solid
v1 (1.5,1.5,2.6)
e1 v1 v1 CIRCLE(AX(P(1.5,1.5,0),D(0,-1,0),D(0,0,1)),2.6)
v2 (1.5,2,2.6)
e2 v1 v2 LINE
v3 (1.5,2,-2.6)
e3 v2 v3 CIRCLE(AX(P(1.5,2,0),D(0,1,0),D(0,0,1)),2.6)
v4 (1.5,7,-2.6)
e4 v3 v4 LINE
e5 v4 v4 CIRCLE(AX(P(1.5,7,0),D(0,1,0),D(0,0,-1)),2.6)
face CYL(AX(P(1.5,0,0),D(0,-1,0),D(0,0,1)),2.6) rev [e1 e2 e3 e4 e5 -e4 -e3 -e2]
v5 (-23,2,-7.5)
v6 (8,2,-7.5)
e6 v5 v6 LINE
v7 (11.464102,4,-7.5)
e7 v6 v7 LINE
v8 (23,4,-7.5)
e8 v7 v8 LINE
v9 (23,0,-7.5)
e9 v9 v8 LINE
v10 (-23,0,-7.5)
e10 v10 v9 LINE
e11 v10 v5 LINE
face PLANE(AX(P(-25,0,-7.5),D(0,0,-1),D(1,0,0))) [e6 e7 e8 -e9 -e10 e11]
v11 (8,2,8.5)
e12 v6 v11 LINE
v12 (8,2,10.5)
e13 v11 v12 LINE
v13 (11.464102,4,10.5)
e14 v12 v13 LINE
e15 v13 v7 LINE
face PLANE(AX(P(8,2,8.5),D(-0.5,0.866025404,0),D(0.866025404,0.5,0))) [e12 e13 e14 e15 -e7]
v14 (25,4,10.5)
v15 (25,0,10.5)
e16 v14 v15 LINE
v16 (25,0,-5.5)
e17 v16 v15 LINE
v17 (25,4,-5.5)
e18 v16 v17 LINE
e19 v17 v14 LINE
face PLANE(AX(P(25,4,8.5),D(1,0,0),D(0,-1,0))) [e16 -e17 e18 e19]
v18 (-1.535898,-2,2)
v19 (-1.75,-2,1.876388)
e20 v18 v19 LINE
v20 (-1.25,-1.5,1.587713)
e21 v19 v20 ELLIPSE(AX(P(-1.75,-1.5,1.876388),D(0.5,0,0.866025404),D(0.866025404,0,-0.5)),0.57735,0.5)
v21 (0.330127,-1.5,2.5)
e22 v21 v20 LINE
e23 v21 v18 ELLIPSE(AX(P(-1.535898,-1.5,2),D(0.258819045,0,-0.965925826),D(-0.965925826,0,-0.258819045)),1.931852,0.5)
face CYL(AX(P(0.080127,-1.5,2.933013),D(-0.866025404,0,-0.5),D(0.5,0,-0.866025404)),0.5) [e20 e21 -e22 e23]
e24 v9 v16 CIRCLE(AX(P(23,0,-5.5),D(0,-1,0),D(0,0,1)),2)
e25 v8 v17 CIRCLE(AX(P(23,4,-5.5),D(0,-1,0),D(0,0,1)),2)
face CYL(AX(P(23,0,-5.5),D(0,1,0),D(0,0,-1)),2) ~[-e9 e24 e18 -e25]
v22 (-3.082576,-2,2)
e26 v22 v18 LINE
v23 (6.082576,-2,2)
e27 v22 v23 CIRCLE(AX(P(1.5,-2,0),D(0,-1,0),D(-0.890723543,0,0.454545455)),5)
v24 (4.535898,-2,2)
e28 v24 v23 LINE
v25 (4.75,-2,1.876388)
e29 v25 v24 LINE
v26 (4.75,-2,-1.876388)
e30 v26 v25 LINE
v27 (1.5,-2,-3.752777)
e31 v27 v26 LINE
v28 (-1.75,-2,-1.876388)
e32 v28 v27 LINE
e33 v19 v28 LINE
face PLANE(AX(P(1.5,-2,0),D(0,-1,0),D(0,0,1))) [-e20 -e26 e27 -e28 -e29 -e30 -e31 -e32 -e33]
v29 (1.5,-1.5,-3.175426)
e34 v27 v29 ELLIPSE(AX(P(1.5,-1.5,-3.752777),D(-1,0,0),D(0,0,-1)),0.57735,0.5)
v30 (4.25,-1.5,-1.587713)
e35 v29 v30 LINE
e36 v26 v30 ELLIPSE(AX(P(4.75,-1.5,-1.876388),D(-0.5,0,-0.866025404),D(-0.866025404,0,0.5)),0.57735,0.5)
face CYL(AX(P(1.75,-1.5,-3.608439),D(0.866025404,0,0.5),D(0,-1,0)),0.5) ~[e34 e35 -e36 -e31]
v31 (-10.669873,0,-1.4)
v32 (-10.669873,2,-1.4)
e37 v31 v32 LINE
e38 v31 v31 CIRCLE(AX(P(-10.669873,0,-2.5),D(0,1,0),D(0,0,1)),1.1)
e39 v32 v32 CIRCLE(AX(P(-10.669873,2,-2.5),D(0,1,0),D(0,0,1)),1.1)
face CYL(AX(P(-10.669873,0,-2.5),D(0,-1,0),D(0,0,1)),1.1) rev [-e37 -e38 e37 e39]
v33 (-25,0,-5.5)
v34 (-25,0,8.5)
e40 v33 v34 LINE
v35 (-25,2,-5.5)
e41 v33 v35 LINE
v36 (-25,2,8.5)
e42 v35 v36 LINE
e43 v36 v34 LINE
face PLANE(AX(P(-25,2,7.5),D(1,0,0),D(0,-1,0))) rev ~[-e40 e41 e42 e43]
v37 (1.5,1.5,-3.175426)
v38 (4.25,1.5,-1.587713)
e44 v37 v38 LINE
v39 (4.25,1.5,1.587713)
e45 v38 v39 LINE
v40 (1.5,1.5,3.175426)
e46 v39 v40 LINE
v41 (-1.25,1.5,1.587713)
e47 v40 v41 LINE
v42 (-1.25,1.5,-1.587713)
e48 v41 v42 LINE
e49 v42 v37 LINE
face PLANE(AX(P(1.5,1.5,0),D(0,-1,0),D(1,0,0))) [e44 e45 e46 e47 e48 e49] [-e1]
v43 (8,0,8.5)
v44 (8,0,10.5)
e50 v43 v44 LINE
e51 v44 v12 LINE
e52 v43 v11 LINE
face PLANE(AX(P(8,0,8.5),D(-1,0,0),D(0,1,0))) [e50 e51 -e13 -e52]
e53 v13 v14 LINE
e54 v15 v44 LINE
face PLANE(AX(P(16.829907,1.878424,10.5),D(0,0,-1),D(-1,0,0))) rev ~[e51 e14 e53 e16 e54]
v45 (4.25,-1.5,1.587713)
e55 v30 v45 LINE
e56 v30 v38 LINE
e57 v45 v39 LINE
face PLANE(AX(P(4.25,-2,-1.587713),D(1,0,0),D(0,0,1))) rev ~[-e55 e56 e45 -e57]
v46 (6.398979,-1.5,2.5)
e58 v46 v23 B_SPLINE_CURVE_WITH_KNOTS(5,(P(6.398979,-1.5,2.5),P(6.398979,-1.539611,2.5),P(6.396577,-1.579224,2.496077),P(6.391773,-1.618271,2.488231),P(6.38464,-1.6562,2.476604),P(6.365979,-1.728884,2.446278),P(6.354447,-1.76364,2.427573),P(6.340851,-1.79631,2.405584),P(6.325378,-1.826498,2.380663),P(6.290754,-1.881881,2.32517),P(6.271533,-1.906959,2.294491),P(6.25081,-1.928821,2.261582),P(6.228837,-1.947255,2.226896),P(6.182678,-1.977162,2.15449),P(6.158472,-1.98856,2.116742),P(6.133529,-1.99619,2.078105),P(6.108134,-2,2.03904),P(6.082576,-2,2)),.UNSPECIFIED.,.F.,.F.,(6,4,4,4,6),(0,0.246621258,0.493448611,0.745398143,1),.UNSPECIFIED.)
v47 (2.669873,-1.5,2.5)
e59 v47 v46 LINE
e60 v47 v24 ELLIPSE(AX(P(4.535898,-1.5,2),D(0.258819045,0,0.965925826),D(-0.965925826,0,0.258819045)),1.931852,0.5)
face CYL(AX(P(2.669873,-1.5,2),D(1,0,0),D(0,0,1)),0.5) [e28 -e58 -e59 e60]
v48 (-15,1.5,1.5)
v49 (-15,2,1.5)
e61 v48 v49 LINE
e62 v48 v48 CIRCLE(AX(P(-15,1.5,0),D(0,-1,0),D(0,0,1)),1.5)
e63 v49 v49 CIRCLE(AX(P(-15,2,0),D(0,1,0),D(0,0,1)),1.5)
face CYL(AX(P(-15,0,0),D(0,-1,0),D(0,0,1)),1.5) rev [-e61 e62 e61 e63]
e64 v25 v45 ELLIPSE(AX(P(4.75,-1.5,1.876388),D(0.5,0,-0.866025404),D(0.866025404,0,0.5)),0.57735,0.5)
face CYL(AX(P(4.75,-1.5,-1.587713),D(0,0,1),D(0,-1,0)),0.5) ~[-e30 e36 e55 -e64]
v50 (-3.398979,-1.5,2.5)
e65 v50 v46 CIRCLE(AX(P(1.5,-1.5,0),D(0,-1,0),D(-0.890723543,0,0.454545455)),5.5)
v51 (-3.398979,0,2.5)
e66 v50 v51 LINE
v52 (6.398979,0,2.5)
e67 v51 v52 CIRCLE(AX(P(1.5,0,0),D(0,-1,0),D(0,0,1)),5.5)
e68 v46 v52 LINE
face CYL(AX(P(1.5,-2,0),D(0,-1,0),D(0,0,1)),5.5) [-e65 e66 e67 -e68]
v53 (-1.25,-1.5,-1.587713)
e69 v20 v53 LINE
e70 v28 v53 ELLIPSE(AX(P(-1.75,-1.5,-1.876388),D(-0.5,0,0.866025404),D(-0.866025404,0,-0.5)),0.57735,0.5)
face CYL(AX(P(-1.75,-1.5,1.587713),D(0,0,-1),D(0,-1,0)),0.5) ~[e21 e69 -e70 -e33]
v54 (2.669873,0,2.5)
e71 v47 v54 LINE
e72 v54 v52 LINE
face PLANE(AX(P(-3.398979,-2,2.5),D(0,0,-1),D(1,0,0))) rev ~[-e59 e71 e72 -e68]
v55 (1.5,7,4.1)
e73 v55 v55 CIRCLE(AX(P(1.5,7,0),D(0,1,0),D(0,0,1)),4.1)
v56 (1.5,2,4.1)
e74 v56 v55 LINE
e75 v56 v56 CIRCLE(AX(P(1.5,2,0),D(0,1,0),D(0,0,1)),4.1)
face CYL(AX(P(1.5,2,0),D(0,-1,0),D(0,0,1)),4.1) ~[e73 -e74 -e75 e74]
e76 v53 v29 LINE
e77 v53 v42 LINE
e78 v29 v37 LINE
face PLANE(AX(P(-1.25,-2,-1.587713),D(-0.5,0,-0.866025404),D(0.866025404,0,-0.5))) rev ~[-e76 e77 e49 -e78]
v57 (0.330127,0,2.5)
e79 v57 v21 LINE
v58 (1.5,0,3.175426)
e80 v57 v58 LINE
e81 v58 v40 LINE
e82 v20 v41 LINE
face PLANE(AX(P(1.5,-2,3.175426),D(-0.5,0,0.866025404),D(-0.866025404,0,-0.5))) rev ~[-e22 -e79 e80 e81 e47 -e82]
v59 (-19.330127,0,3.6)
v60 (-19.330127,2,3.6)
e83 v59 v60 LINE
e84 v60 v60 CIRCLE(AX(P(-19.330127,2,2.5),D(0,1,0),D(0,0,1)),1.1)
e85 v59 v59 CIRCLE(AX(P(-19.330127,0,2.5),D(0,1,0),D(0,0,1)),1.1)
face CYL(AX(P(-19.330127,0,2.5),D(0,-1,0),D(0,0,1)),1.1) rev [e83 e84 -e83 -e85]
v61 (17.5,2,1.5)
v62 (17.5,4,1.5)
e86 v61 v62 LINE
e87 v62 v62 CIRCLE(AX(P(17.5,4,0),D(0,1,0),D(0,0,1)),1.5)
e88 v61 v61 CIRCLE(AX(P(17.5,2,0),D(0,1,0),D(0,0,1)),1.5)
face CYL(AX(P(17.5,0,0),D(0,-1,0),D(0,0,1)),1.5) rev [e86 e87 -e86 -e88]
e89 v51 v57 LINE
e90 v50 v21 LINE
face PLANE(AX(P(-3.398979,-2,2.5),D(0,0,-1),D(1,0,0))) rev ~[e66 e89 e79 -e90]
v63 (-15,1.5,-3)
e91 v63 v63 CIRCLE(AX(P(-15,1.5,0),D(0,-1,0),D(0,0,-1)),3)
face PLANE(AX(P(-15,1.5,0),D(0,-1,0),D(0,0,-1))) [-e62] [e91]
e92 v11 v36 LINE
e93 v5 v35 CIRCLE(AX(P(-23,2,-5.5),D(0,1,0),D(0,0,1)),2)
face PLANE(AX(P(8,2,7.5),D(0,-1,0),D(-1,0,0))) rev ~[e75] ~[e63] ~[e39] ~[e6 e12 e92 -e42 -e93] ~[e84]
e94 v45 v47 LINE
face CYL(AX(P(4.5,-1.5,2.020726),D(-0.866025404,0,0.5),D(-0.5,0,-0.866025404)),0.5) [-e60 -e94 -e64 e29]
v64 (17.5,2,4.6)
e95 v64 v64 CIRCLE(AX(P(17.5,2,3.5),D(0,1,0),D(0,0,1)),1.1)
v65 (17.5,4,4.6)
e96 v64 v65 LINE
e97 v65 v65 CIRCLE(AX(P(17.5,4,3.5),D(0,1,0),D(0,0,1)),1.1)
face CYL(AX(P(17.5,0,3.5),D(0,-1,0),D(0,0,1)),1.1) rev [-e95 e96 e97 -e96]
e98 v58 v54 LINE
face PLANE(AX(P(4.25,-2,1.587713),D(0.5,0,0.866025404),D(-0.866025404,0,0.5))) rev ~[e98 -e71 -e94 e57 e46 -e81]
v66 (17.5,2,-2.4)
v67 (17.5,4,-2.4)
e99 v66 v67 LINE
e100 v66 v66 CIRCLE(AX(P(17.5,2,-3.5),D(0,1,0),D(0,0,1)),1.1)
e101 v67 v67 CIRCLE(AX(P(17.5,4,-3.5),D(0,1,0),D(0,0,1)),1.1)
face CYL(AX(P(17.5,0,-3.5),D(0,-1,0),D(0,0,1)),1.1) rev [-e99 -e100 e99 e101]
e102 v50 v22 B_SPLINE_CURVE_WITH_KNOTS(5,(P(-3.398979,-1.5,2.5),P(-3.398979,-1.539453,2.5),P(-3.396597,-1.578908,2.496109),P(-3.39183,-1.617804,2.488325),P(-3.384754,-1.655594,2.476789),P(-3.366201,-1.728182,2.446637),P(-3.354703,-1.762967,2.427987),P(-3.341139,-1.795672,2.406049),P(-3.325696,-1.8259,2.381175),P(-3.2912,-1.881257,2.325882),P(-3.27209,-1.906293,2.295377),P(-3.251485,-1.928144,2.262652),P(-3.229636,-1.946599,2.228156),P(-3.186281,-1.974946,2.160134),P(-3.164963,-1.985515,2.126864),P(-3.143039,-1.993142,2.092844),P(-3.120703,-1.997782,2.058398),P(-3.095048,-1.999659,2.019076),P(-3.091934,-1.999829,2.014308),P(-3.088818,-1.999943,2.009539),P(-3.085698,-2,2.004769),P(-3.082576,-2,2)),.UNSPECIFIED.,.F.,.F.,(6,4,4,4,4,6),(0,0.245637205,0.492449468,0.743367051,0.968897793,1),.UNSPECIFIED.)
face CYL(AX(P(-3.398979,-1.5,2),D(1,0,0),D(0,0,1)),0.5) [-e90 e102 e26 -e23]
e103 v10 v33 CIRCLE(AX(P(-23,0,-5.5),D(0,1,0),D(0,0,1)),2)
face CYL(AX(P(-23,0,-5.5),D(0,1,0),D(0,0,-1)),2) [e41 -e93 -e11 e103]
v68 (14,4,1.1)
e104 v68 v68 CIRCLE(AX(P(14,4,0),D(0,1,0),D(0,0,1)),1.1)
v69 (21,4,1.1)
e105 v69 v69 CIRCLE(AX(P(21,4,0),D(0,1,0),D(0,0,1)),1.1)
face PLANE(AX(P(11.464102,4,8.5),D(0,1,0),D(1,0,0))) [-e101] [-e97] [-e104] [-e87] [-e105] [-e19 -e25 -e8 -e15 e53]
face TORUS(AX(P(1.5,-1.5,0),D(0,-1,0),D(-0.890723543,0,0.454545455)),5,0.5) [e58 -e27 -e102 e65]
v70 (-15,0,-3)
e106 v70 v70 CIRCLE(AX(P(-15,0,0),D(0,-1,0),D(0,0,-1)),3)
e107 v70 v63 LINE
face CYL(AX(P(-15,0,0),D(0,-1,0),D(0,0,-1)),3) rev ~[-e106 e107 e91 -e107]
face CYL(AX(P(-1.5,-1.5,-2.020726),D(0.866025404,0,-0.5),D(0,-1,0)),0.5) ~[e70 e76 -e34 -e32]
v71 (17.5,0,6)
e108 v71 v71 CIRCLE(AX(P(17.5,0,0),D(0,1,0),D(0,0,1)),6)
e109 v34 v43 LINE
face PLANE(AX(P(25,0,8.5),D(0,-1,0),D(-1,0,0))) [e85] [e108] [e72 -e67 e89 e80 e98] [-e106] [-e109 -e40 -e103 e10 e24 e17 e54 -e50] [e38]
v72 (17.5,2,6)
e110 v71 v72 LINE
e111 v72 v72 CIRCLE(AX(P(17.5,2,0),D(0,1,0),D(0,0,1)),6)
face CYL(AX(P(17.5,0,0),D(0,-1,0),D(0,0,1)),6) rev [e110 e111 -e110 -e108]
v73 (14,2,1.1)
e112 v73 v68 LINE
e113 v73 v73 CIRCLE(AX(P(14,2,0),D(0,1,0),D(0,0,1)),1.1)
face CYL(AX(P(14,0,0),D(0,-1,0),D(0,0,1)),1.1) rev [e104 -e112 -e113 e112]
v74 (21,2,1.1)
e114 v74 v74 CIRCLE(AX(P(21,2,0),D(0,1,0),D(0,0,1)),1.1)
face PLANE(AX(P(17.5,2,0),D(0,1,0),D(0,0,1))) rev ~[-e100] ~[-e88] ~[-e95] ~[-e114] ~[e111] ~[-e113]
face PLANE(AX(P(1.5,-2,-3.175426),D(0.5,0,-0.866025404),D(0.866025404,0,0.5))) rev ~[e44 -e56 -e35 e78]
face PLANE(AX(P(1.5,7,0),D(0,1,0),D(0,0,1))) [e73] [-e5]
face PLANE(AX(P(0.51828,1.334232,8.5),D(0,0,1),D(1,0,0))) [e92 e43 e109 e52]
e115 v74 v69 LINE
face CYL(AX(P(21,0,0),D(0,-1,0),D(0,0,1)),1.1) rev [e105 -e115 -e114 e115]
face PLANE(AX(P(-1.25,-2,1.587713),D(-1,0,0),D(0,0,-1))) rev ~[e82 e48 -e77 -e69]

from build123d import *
from build123d.topology import SkipClean

# Parameters (mm, degrees)
SKETCH_1_W          = 50
SKETCH_1_H          = 15
SKETCH_1_R          = 1.1
SKETCH_1_R_2        = 1.5
SKETCH_1_R_3        = 2.6
EXTRUDE_1_DEPTH     = 2
SKETCH_3_R          = 3
CUT_EXTRUDE_1_DEPTH = 1.5
SKETCH_1_7_W        = 17
SKETCH_1_7_H        = 15
SKETCH_1_7_R        = 1.5
SKETCH_1_7_R_2      = 1.1
EXTRUDE_4_DEPTH     = 4
SKETCH_1_8_R        = 6
SKETCH_1_8_R_2      = 1.5
SKETCH_1_8_R_3      = 1.1
CUT_EXTRUDE_4_DEPTH = 2
CUT_EXTRUDE_5_DEPTH = 15
EXTRUDE_START       = 2
SKETCH_8_R          = 5.5
SKETCH_8_R_2        = 2.6
EXTRUDE_11_DEPTH    = 2
CUT_EXTRUDE_6_DEPTH = 3.5
CUT_EXTRUDE_7_DEPTH = 2
FILLET_1_R          = 2
EXTRUDE_15_DEPTH    = 1
EXTRUDE_16_DEPTH    = 2
SKETCH_16_R         = 4.1
SKETCH_16_R_2       = 2.6
EXTRUDE_18_DEPTH    = 5
FILLET_3_R          = 0.5


with BuildPart() as part:
    # 草图1 → 凸台-拉伸1 (new body)
    with BuildSketch(Plane(origin=(0, 0, 0), x_dir=(1, 0, 0), z_dir=(0, 1, 0))):
        Rectangle(SKETCH_1_W, SKETCH_1_H)
        with BuildLine():
            ThreePointArc((8, 2.598076211), (8.5, 0), (8, -2.598076211))
            Line((8, -2.598076211), (8, 2.598076211))
        make_face(mode=Mode.SUBTRACT)
        with Locations(Location((-19.330127019, -2.5, 0), (0, 0, 270))):
            Circle(SKETCH_1_R, mode=Mode.SUBTRACT)
        with Locations(Location((-15, 0, 0), (0, 0, 270))):
            Circle(SKETCH_1_R_2, mode=Mode.SUBTRACT)
        with Locations(Location((-10.669872981, 2.5, 0), (0, 0, 270))):
            Circle(SKETCH_1_R, mode=Mode.SUBTRACT)
        with Locations(Location((1.5, 0, 0), (0, 0, 270))):
            Circle(SKETCH_1_R_3, mode=Mode.SUBTRACT)
        with Locations(Location((17.5, 3.5, 0), (0, 0, 270))):
            Circle(SKETCH_1_R, mode=Mode.SUBTRACT)
        with Locations(Location((17.5, -3.5, 0), (0, 0, 270))):
            Circle(SKETCH_1_R, mode=Mode.SUBTRACT)
        with Locations(Location((14, 0, 0), (0, 0, 270))):
            Circle(SKETCH_1_R, mode=Mode.SUBTRACT)
        with Locations(Location((17.5, 0, 0), (0, 0, 270))):
            Circle(SKETCH_1_R_2, mode=Mode.SUBTRACT)
        with Locations(Location((21, 0, 0), (0, 0, 270))):
            Circle(SKETCH_1_R, mode=Mode.SUBTRACT)
    extrude(amount=EXTRUDE_1_DEPTH)

    # 草图3 → 切除-拉伸1 (cut)
    with BuildSketch(Plane.XZ):
        with Locations(Location((-15, 0, 0), (0, 0, 270))):
            Circle(SKETCH_3_R)
    extrude(amount=-CUT_EXTRUDE_1_DEPTH, mode=Mode.SUBTRACT)

    # 草图1<7> → 凸台-拉伸4 (add)
    with BuildSketch(Plane(origin=(0, 0, 0), x_dir=(1, 0, 0), z_dir=(0, 1, 0))):
        with Locations((16.5, 0)):
            Rectangle(SKETCH_1_7_W, SKETCH_1_7_H)
        with Locations(Location((17.5, 0, 0), (0, 0, 270))):
            Circle(SKETCH_1_7_R, mode=Mode.SUBTRACT)
        with Locations(Location((21, 0, 0), (0, 0, 270))):
            Circle(SKETCH_1_7_R_2, mode=Mode.SUBTRACT)
        with Locations(Location((17.5, -3.5, 0), (0, 0, 270))):
            Circle(SKETCH_1_7_R_2, mode=Mode.SUBTRACT)
        with Locations(Location((14, 0, 0), (0, 0, 270))):
            Circle(SKETCH_1_7_R_2, mode=Mode.SUBTRACT)
        with Locations(Location((17.5, 3.5, 0), (0, 0, 270))):
            Circle(SKETCH_1_7_R_2, mode=Mode.SUBTRACT)
    extrude(amount=EXTRUDE_4_DEPTH)

    # 草图1<8> → 切除-拉伸4 (cut)
    with BuildSketch(Plane(origin=(0, 0, 0), x_dir=(1, 0, 0), z_dir=(0, 1, 0))):
        with Locations(Location((17.5, 0, 0), (0, 0, 270))):
            Circle(SKETCH_1_8_R)
        with Locations(Location((17.5, 0, 0), (0, 0, 270))):
            Circle(SKETCH_1_8_R_2, mode=Mode.SUBTRACT)
        with Locations(Location((21, 0, 0), (0, 0, 270))):
            Circle(SKETCH_1_8_R_3, mode=Mode.SUBTRACT)
        with Locations(Location((17.5, -3.5, 0), (0, 0, 270))):
            Circle(SKETCH_1_8_R_3, mode=Mode.SUBTRACT)
        with Locations(Location((14, 0, 0), (0, 0, 270))):
            Circle(SKETCH_1_8_R_3, mode=Mode.SUBTRACT)
        with Locations(Location((17.5, 3.5, 0), (0, 0, 270))):
            Circle(SKETCH_1_8_R_3, mode=Mode.SUBTRACT)
    extrude(amount=CUT_EXTRUDE_4_DEPTH, mode=Mode.SUBTRACT)

    # 草图6 → 切除-拉伸5 (cut)
    with BuildSketch(Plane(origin=(0, 0, -7.5), x_dir=(-1, 0, 0), z_dir=(0, 0, -1))):
        Polygon((-8, 2), (-11.464101615, 4), (-8, 4), align=None)
    extrude(amount=-CUT_EXTRUDE_5_DEPTH, mode=Mode.SUBTRACT)

    # 草图8 → 凸台-拉伸11 (add)
    with SkipClean():  # the faces are left unmerged after this step: merging them gives an invalid solid
        with BuildSketch(Plane.XZ.offset(EXTRUDE_START)):
            with Locations(Location((1.5, 0, 0), (0, 0, 90))):
                Circle(SKETCH_8_R)
            with Locations(Location((1.5, 0, 0), (0, 0, 270))):
                Circle(SKETCH_8_R_2, mode=Mode.SUBTRACT)
        extrude(amount=-EXTRUDE_11_DEPTH)

    # 草图10 → 切除-拉伸6 (cut)
    with BuildSketch(Plane.XZ.offset(2)):
        Polygon((1.5, 3.175426481), (-1.25, 1.58771324), (-1.25, -1.58771324), (1.5, -3.175426481), (4.25, -1.58771324), (4.25, 1.58771324), align=None)
    extrude(amount=-CUT_EXTRUDE_6_DEPTH, mode=Mode.SUBTRACT)

    # 草图11 → 切除-拉伸7 (cut)
    with BuildSketch(Plane.XZ.offset(2)):
        with BuildLine():
            Line((-3.398979486, 2.5), (6.398979486, 2.5))
            ThreePointArc((6.398979486, 2.5), (1.5, 5.5), (-3.398979486, 2.5))
        make_face()
    extrude(amount=-CUT_EXTRUDE_7_DEPTH, mode=Mode.SUBTRACT)

    # 圆角1
    fillet_1_edges = [part.edges().sort_by_distance(p)[0] for p in [
        (-25, 1, -7.5),
        (25, 2, -7.5),
    ]]
    fillet(fillet_1_edges, radius=FILLET_1_R)

    # 草图13 → 凸台-拉伸15 (add)
    with BuildSketch(Plane.XY.offset(7.5)):
        Polygon((11.464101615, 4), (8, 2), (-25, 2), (-25, 0), (25, 0), (25, 4), align=None)
    extrude(amount=EXTRUDE_15_DEPTH)

    # 草图14 → 凸台-拉伸16 (add)
    with BuildSketch(Plane.XY.offset(8.5)):
        Polygon((8, 0), (8, 2), (11.464101615, 4), (25, 4), (25, 0), align=None)
    extrude(amount=EXTRUDE_16_DEPTH)

    # 草图16 → 凸台-拉伸18 (add)
    with BuildSketch(Plane(origin=(0, 2, 0), x_dir=(1, 0, 0), z_dir=(0, 1, 0))):
        with Locations(Location((1.5, 0, 0), (0, 0, 270))):
            Circle(SKETCH_16_R)
        with Locations(Location((1.5, 0, 0), (0, 0, 90))):
            Circle(SKETCH_16_R_2, mode=Mode.SUBTRACT)
    extrude(amount=EXTRUDE_18_DEPTH)

    # 圆角3
    fillet_3_edges = [part.edges().sort_by_distance(p)[0] for p in [
        (4.25, -2, 0),
        (3.459936491, -2, 2.04385662),
        (-1.25, -2, 0),
        (0.125, -2, -2.38156986),
        (2.875, -2, -2.38156986),
        (-0.459936491, -2, 2.04385662),
        (1.5, -2, -5.5),
        (4.534426233, -2, 2.5),
        (-1.534426233, -2, 2.5),
    ]]
    fillet(fillet_3_edges, radius=FILLET_3_R)


solid = part.part
